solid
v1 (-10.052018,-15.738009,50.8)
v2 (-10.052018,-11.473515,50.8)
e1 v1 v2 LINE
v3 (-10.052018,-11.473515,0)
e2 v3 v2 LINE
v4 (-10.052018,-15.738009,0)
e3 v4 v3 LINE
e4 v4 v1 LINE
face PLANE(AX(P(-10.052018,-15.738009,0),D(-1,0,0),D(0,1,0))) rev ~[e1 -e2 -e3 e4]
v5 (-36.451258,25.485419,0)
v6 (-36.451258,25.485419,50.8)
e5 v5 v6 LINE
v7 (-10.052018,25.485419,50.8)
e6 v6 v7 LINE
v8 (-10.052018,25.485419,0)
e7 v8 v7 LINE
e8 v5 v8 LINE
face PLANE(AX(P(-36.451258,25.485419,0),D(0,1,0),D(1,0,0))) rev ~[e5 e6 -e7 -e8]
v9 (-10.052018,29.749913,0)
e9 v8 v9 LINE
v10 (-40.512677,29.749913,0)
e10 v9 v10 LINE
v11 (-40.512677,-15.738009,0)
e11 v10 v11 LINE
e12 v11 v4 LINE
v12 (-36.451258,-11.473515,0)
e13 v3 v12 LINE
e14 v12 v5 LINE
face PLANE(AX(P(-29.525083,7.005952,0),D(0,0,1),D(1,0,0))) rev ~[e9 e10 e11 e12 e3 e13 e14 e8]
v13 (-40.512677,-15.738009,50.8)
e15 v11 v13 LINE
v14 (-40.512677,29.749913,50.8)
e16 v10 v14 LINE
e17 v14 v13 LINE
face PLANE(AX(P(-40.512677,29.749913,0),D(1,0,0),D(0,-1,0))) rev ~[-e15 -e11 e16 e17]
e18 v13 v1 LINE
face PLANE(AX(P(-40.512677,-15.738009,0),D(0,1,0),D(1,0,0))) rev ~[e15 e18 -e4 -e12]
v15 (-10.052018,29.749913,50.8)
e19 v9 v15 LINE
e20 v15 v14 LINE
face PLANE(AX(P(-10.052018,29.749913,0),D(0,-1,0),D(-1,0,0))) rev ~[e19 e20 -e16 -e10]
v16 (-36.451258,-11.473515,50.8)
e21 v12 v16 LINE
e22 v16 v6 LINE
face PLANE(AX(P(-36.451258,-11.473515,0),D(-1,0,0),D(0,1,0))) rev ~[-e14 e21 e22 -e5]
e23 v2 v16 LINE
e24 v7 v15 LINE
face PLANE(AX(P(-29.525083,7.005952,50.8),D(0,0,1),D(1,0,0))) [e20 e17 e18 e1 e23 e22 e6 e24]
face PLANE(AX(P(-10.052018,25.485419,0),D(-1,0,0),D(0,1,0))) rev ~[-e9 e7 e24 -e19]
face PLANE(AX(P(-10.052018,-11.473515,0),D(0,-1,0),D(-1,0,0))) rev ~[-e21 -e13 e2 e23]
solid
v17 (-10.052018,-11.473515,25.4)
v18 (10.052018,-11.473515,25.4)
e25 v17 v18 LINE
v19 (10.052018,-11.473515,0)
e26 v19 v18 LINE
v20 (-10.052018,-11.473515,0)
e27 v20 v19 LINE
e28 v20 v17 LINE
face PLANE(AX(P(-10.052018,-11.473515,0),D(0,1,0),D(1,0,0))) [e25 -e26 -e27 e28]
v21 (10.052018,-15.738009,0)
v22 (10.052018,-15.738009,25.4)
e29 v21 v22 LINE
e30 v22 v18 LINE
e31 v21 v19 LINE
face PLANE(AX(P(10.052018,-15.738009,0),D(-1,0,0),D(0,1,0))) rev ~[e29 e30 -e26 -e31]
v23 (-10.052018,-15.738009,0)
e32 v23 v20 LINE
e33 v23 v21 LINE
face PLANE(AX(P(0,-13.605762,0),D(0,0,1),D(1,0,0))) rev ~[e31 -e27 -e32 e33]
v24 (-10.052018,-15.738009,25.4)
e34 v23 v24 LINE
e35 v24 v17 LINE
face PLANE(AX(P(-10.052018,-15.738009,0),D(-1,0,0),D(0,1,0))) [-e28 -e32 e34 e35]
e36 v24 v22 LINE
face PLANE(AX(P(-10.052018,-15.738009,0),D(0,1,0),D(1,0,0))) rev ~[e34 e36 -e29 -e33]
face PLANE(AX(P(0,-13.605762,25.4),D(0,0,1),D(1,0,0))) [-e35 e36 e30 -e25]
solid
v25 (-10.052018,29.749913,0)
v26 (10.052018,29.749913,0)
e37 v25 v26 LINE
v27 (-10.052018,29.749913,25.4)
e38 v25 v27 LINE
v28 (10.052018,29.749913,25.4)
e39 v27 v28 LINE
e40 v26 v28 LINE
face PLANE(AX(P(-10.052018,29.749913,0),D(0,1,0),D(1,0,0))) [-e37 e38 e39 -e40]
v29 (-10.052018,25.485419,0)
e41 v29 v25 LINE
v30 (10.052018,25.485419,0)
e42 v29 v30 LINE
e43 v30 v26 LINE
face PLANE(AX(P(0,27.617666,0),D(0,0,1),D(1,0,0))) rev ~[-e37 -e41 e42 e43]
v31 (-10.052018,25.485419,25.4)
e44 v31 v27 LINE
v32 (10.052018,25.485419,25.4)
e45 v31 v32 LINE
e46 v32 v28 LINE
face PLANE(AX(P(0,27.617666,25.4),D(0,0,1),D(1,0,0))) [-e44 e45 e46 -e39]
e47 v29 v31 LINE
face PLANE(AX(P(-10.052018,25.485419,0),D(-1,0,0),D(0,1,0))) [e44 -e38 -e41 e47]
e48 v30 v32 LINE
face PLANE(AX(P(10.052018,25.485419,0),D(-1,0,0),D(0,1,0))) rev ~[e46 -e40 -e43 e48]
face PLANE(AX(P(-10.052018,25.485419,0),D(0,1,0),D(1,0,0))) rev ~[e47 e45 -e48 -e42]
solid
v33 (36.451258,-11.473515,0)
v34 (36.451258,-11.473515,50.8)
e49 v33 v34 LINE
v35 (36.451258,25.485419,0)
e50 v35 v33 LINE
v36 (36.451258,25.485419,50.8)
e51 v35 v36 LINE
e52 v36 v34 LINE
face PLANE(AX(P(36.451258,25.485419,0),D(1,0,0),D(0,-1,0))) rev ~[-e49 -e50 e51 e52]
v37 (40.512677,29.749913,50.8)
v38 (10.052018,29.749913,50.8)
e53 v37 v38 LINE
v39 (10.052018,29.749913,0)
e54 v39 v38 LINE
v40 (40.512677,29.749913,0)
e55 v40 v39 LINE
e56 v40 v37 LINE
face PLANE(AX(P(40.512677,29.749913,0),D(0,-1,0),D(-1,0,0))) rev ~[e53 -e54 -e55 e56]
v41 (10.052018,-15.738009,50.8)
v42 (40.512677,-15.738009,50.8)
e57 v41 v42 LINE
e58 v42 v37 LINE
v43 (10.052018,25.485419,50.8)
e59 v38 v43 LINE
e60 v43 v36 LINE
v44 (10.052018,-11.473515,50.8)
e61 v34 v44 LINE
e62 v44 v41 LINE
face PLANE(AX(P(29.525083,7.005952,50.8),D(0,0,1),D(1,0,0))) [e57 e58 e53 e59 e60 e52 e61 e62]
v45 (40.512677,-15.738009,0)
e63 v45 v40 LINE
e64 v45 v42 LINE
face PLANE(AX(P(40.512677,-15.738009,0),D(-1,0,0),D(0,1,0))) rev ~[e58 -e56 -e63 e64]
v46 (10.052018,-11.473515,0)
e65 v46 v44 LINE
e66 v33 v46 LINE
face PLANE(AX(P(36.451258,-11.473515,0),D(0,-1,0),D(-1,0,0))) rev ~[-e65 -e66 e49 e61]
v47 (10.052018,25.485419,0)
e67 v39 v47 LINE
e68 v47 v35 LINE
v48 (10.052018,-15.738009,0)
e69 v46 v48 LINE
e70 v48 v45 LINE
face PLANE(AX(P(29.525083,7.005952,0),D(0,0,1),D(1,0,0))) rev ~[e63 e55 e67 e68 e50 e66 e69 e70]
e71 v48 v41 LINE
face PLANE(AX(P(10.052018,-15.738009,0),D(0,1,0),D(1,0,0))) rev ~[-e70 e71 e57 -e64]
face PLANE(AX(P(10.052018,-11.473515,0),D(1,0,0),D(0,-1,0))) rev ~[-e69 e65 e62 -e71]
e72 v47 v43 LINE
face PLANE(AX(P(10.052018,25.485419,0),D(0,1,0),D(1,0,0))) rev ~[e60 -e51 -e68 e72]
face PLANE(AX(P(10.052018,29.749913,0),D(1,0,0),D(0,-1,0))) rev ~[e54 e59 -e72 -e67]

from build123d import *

# Parameters (mm, degrees)
F1_DEPTH = 50.8
F0_W     = 20.104036
F0_H     = 4.264494
F2_DEPTH = 25.4


with BuildPart() as f1:
    # F0 (on Top) → F1 (new body)
    with BuildSketch(Plane.XY):
        Polygon((-36.451258, 29.749913), (-40.512677, 29.749913), (-40.512677, -15.738009), (-36.451258, -15.738009), (-10.052018, -15.738009), (-10.052018, -11.473515), (-36.451258, -11.473515), (-36.451258, 25.485419), (-10.052018, 25.485419), (-10.052018, 29.749913), align=None)
        Polygon((36.451258, 29.749913), (10.052018, 29.749913), (10.052018, 25.485419), (36.451258, 25.485419), (36.451258, -11.473515), (10.052018, -11.473515), (10.052018, -15.738009), (36.451258, -15.738009), (40.512677, -15.738009), (40.512677, 29.749913), align=None)
    extrude(amount=F1_DEPTH)


with BuildPart() as f2:
    # F0 (on Top) → F2 (new body)
    with BuildSketch(Plane.XY):
        with Locations((0, 27.617666)):
            Rectangle(F0_W, F0_H)
        with Locations((0, -13.605762)):
            Rectangle(F0_W, F0_H)
    extrude(amount=F2_DEPTH)


solid = Compound([f1.part, f2.part])
